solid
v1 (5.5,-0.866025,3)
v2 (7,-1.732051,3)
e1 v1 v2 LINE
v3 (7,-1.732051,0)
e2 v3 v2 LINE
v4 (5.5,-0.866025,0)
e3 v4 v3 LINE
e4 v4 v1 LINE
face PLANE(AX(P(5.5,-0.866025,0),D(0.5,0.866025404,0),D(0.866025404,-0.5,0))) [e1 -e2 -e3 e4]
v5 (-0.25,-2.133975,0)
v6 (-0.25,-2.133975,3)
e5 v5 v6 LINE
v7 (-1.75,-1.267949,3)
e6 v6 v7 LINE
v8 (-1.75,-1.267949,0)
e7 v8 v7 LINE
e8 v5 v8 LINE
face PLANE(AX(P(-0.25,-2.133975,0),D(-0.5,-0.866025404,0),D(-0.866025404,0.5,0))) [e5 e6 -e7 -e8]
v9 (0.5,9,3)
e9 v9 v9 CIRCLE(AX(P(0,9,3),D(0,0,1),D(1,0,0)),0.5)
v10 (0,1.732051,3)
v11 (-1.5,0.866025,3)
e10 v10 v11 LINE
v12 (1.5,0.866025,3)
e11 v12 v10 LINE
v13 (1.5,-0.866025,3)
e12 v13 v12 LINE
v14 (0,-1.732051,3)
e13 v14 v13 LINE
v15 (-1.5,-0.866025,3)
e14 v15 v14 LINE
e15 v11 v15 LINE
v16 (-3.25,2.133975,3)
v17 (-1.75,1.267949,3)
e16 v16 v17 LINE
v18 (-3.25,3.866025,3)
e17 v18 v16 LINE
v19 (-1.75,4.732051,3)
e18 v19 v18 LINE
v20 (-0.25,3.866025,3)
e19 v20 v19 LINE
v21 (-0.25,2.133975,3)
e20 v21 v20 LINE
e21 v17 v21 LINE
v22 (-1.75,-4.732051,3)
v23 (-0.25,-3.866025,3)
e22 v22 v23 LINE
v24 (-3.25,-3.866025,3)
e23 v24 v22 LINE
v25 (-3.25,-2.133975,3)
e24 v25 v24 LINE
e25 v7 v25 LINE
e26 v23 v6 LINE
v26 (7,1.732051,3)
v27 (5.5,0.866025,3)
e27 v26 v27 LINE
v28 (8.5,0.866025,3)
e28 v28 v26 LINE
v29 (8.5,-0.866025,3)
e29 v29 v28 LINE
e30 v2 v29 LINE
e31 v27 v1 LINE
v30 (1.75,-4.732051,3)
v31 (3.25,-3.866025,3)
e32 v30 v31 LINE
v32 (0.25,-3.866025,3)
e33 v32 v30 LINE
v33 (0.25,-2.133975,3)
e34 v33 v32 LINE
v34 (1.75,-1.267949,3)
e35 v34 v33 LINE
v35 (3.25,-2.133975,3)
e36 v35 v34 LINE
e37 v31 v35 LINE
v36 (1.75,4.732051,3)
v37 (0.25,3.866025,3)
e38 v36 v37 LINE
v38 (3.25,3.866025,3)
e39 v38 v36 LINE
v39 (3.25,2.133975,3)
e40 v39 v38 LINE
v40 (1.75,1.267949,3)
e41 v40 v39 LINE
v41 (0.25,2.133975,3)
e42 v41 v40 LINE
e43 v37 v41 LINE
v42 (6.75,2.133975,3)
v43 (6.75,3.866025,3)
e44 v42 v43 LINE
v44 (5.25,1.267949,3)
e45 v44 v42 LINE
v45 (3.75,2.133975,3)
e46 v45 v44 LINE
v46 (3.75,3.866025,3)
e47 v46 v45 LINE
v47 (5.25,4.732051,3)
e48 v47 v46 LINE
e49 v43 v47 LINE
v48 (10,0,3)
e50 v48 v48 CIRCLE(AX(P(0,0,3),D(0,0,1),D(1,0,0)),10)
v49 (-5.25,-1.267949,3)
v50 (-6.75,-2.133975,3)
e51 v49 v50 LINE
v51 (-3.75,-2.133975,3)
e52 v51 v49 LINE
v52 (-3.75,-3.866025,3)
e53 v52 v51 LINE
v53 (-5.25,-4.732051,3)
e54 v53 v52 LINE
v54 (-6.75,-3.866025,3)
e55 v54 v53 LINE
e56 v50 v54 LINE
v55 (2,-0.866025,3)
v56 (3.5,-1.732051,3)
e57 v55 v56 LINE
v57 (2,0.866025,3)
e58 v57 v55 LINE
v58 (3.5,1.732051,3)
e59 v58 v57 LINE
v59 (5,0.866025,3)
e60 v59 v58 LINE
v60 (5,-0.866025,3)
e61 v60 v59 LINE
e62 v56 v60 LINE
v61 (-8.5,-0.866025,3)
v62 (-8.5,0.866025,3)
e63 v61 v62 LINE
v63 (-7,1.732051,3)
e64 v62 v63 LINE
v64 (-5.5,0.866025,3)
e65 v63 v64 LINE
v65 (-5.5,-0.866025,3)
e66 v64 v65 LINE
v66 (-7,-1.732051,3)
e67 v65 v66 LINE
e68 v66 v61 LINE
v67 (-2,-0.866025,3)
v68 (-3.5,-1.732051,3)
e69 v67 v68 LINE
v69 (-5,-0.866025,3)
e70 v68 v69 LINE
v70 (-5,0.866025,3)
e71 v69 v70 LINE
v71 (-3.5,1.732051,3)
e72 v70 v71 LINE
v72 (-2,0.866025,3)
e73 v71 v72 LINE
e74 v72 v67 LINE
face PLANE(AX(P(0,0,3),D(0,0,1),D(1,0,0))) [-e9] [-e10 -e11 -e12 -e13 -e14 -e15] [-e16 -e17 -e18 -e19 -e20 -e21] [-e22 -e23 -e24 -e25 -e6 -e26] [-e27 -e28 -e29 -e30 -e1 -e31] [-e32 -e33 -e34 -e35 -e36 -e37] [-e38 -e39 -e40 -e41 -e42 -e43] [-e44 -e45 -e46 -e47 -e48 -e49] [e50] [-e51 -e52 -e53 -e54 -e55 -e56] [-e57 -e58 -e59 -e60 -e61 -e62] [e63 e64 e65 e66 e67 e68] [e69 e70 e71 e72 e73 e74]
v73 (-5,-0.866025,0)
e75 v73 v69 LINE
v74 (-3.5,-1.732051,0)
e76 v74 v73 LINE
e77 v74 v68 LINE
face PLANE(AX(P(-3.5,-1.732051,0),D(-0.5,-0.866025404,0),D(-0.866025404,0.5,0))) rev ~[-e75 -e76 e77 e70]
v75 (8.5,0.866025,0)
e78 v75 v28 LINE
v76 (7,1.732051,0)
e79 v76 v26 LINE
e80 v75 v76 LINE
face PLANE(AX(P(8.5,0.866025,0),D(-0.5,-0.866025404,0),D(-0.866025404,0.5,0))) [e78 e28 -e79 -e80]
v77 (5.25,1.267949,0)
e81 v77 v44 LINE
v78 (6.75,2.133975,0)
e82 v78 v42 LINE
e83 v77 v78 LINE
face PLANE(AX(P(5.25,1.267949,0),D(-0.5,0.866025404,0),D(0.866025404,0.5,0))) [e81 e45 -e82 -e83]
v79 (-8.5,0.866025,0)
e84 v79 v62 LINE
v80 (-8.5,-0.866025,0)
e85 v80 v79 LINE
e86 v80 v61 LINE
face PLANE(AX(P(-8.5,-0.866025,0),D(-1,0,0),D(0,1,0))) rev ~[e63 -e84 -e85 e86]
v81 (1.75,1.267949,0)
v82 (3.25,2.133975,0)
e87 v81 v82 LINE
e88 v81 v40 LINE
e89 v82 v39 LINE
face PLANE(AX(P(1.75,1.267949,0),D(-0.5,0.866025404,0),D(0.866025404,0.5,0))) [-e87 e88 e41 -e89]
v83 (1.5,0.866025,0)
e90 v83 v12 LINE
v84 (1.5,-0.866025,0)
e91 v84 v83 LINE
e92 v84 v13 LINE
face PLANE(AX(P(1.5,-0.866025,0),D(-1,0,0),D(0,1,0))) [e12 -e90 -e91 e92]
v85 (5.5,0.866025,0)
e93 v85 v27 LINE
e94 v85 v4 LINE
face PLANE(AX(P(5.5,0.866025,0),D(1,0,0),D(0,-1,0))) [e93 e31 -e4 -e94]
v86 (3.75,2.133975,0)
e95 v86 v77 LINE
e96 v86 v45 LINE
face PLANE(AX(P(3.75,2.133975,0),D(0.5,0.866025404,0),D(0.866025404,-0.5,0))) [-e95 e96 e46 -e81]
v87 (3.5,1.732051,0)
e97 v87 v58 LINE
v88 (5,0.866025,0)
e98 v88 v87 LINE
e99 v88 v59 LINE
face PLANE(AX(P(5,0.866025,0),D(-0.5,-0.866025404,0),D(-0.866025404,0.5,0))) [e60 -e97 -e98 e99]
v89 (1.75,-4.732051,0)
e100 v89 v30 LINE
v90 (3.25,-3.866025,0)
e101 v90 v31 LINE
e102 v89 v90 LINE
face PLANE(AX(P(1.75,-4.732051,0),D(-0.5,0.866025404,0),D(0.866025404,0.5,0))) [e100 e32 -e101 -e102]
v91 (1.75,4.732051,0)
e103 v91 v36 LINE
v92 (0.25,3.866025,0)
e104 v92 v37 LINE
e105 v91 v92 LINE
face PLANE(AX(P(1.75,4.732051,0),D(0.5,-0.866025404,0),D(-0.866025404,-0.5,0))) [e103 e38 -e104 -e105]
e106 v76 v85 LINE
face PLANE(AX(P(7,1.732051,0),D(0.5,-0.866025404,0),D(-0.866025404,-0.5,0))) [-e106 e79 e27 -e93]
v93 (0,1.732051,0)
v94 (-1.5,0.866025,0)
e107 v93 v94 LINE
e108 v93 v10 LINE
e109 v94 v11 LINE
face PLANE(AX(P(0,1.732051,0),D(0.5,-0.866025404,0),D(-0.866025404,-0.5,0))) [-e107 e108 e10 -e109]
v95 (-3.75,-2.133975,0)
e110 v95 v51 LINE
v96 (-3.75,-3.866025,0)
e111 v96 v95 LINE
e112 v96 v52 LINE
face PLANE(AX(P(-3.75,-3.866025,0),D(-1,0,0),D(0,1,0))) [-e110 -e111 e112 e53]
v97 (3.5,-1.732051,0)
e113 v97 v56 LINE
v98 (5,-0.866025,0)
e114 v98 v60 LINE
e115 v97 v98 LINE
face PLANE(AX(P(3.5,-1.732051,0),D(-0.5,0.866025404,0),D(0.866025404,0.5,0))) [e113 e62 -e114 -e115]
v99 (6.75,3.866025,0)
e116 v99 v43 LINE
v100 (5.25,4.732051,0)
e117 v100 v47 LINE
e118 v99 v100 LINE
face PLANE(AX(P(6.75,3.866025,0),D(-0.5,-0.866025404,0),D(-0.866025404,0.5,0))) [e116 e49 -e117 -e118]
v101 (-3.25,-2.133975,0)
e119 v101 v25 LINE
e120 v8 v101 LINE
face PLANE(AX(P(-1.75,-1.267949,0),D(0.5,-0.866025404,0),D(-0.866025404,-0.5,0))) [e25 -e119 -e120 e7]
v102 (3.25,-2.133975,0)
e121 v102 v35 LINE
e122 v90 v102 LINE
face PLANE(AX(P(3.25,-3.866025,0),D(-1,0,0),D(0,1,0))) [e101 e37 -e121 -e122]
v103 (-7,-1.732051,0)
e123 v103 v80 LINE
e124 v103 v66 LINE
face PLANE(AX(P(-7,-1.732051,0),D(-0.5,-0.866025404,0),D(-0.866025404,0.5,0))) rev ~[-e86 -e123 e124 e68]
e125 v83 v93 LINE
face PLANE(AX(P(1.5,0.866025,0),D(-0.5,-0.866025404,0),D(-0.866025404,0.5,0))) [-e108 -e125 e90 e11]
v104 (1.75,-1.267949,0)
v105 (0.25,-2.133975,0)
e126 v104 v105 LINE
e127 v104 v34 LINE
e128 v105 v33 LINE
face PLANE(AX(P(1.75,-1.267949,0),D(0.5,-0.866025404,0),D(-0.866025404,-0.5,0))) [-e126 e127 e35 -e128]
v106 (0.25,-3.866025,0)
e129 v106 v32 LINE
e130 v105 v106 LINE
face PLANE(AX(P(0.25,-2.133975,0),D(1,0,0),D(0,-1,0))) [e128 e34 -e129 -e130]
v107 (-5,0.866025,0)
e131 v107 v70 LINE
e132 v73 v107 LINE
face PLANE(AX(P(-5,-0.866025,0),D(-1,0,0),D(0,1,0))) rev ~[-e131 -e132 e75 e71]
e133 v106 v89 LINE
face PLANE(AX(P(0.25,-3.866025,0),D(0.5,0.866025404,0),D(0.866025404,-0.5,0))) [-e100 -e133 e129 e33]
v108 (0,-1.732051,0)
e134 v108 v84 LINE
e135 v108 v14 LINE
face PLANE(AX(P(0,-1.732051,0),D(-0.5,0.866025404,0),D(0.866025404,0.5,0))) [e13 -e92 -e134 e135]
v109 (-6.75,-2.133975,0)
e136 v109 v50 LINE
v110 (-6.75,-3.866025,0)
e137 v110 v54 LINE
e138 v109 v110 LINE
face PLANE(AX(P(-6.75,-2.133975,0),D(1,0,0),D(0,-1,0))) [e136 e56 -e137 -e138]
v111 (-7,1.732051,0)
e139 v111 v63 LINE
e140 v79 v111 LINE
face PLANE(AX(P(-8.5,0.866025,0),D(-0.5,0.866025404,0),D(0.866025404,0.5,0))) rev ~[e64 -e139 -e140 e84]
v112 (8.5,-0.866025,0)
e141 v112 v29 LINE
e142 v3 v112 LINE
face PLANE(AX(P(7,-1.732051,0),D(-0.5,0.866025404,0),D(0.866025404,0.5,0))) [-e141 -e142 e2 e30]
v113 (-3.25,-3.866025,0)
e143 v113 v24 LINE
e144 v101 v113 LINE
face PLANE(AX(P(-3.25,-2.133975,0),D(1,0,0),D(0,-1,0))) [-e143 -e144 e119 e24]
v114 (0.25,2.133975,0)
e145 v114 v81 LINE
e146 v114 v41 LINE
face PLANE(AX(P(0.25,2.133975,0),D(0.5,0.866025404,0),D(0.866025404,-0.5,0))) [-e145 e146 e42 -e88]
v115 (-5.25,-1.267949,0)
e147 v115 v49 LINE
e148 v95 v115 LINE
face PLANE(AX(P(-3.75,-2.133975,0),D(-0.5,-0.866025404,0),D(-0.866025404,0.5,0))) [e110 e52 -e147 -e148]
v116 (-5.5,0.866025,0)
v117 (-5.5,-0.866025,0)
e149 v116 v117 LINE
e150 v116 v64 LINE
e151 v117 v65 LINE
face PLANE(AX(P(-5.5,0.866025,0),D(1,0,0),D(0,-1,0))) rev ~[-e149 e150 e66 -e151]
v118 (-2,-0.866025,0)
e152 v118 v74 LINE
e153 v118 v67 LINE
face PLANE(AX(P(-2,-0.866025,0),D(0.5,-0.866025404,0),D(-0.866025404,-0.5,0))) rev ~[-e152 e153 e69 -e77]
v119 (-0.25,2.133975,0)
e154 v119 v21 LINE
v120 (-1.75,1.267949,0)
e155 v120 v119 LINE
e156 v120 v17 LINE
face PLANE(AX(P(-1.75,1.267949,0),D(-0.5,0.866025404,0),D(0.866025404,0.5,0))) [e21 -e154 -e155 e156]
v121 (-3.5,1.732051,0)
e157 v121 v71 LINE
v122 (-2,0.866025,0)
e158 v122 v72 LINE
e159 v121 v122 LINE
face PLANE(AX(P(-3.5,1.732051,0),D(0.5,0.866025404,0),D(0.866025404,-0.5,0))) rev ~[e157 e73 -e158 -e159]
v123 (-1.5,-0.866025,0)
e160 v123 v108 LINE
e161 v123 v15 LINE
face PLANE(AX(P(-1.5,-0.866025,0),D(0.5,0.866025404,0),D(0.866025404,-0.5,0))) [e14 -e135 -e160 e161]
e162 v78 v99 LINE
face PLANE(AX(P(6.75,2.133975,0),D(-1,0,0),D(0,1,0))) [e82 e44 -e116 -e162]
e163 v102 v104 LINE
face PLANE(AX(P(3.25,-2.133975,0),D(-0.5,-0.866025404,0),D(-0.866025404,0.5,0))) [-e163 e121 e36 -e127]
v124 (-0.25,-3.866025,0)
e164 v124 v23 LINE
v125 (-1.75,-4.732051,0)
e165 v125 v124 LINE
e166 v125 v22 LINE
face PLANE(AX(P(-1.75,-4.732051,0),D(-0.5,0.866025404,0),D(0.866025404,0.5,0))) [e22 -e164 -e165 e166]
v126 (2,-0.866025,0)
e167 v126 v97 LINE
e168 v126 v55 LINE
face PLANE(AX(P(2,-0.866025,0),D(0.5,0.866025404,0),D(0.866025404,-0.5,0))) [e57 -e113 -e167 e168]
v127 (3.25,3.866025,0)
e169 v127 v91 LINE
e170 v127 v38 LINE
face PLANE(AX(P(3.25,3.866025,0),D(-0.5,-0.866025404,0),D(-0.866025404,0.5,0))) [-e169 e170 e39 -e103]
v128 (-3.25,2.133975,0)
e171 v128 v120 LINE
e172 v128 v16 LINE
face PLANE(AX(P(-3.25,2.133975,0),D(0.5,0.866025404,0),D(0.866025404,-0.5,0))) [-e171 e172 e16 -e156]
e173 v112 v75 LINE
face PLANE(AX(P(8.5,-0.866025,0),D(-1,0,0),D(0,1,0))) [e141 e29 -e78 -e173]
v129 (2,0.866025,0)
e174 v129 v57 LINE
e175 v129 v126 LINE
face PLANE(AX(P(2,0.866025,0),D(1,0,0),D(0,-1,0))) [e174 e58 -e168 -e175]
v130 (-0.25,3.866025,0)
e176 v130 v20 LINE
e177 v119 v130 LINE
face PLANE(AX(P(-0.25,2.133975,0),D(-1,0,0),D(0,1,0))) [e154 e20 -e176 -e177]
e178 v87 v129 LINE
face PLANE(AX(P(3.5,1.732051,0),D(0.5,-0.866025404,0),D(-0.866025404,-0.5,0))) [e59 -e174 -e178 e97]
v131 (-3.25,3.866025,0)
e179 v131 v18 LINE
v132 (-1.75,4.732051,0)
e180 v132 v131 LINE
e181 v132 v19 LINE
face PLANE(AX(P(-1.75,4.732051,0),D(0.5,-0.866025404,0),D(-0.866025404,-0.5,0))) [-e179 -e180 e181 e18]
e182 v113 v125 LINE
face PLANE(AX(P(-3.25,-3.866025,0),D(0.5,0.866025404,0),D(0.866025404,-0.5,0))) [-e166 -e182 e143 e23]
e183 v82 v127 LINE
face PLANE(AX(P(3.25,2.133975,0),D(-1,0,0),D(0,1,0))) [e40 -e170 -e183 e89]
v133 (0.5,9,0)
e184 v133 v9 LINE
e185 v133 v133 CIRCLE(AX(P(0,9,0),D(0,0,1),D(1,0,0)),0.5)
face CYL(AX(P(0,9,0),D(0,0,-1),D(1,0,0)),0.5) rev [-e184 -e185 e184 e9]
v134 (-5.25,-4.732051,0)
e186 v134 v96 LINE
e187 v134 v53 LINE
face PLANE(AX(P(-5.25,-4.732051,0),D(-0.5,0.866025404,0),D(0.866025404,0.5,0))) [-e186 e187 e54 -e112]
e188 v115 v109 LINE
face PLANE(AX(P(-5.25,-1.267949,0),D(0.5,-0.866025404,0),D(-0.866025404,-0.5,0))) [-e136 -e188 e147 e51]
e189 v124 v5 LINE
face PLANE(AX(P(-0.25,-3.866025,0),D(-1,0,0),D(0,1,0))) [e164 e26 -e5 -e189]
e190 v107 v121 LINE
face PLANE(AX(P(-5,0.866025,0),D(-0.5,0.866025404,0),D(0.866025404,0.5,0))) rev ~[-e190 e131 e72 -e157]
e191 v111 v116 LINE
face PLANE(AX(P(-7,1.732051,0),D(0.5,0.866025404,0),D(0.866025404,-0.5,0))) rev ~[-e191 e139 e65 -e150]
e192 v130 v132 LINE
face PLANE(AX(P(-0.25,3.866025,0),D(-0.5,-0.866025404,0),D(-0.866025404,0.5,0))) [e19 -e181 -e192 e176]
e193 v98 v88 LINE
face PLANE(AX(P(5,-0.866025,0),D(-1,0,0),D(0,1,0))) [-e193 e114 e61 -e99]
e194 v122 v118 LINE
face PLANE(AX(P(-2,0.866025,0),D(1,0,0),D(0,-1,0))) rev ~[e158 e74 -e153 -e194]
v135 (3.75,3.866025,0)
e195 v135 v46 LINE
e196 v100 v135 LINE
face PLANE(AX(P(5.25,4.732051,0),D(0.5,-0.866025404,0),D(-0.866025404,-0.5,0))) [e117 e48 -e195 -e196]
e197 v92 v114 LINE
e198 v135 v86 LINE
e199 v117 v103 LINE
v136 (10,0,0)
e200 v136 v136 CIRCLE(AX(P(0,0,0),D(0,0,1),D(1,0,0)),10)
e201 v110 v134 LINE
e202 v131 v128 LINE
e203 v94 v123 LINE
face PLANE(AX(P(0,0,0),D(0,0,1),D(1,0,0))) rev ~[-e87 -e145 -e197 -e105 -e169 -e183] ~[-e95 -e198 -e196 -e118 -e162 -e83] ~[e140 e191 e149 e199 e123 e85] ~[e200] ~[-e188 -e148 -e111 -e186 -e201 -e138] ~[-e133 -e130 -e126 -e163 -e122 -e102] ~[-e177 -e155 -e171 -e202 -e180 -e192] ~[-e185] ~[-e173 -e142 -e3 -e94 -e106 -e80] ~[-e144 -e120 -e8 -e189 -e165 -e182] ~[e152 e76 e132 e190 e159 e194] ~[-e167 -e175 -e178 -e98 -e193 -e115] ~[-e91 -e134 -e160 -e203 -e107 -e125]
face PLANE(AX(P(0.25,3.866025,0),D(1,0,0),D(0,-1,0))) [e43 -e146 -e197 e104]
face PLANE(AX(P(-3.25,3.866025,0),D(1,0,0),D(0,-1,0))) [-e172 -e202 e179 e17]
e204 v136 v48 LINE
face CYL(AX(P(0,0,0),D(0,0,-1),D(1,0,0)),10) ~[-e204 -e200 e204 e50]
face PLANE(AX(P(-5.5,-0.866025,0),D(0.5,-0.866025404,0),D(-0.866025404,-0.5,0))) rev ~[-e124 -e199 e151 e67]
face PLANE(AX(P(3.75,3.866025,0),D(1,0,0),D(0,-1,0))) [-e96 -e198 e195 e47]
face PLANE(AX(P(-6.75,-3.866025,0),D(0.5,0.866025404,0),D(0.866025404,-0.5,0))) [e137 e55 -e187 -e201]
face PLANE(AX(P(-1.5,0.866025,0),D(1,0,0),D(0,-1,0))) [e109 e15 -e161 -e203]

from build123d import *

# Parameters (mm, degrees)
SKETCH1_R           = 10
SKETCH1_R_2         = 0.5
BOSS_EXTRUDE1_DEPTH = 3


with BuildPart() as part:
    # Sketch1 → Boss-Extrude1 (new body)
    with BuildSketch(Plane.XY):
        Circle(SKETCH1_R)
        with Locations((0, 9)):
            Circle(SKETCH1_R_2, mode=Mode.SUBTRACT)
        Polygon((2, -0.866025404), (3.5, -1.732050808), (5, -0.866025404), (5, 0.866025404), (3.5, 1.732050808), (2, 0.866025404), align=None, mode=Mode.SUBTRACT)
        Polygon((-1.75, 1.267949192), (-0.25, 2.133974596), (-0.25, 3.866025404), (-1.75, 4.732050808), (-3.25, 3.866025404), (-3.25, 2.133974596), align=None, mode=Mode.SUBTRACT)
        Polygon((-1.5, -0.866025404), (0, -1.732050808), (1.5, -0.866025404), (1.5, 0.866025404), (0, 1.732050808), (-1.5, 0.866025404), align=None, mode=Mode.SUBTRACT)
        Polygon((5.5, -0.866025404), (7, -1.732050808), (8.5, -0.866025404), (8.5, 0.866025404), (7, 1.732050808), (5.5, 0.866025404), align=None, mode=Mode.SUBTRACT)
        Polygon((-5.5, 0.866025404), (-5.5, -0.866025404), (-7, -1.732050808), (-8.5, -0.866025404), (-8.5, 0.866025404), (-7, 1.732050808), align=None, mode=Mode.SUBTRACT)
        Polygon((-2, 0.866025404), (-2, -0.866025404), (-3.5, -1.732050808), (-5, -0.866025404), (-5, 0.866025404), (-3.5, 1.732050808), align=None, mode=Mode.SUBTRACT)
        Polygon((1.75, 1.267949192), (3.25, 2.133974596), (3.25, 3.866025404), (1.75, 4.732050808), (0.25, 3.866025404), (0.25, 2.133974596), align=None, mode=Mode.SUBTRACT)
        Polygon((5.25, 1.267949192), (6.75, 2.133974596), (6.75, 3.866025404), (5.25, 4.732050808), (3.75, 3.866025404), (3.75, 2.133974596), align=None, mode=Mode.SUBTRACT)
        Polygon((-0.25, -2.133974596), (-1.75, -1.267949192), (-3.25, -2.133974596), (-3.25, -3.866025404), (-1.75, -4.732050808), (-0.25, -3.866025404), align=None, mode=Mode.SUBTRACT)
        Polygon((3.25, -2.133974596), (1.75, -1.267949192), (0.25, -2.133974596), (0.25, -3.866025404), (1.75, -4.732050808), (3.25, -3.866025404), align=None, mode=Mode.SUBTRACT)
        Polygon((-3.75, -2.133974596), (-5.25, -1.267949192), (-6.75, -2.133974596), (-6.75, -3.866025404), (-5.25, -4.732050808), (-3.75, -3.866025404), align=None, mode=Mode.SUBTRACT)
    extrude(amount=BOSS_EXTRUDE1_DEPTH)


solid = part.part
